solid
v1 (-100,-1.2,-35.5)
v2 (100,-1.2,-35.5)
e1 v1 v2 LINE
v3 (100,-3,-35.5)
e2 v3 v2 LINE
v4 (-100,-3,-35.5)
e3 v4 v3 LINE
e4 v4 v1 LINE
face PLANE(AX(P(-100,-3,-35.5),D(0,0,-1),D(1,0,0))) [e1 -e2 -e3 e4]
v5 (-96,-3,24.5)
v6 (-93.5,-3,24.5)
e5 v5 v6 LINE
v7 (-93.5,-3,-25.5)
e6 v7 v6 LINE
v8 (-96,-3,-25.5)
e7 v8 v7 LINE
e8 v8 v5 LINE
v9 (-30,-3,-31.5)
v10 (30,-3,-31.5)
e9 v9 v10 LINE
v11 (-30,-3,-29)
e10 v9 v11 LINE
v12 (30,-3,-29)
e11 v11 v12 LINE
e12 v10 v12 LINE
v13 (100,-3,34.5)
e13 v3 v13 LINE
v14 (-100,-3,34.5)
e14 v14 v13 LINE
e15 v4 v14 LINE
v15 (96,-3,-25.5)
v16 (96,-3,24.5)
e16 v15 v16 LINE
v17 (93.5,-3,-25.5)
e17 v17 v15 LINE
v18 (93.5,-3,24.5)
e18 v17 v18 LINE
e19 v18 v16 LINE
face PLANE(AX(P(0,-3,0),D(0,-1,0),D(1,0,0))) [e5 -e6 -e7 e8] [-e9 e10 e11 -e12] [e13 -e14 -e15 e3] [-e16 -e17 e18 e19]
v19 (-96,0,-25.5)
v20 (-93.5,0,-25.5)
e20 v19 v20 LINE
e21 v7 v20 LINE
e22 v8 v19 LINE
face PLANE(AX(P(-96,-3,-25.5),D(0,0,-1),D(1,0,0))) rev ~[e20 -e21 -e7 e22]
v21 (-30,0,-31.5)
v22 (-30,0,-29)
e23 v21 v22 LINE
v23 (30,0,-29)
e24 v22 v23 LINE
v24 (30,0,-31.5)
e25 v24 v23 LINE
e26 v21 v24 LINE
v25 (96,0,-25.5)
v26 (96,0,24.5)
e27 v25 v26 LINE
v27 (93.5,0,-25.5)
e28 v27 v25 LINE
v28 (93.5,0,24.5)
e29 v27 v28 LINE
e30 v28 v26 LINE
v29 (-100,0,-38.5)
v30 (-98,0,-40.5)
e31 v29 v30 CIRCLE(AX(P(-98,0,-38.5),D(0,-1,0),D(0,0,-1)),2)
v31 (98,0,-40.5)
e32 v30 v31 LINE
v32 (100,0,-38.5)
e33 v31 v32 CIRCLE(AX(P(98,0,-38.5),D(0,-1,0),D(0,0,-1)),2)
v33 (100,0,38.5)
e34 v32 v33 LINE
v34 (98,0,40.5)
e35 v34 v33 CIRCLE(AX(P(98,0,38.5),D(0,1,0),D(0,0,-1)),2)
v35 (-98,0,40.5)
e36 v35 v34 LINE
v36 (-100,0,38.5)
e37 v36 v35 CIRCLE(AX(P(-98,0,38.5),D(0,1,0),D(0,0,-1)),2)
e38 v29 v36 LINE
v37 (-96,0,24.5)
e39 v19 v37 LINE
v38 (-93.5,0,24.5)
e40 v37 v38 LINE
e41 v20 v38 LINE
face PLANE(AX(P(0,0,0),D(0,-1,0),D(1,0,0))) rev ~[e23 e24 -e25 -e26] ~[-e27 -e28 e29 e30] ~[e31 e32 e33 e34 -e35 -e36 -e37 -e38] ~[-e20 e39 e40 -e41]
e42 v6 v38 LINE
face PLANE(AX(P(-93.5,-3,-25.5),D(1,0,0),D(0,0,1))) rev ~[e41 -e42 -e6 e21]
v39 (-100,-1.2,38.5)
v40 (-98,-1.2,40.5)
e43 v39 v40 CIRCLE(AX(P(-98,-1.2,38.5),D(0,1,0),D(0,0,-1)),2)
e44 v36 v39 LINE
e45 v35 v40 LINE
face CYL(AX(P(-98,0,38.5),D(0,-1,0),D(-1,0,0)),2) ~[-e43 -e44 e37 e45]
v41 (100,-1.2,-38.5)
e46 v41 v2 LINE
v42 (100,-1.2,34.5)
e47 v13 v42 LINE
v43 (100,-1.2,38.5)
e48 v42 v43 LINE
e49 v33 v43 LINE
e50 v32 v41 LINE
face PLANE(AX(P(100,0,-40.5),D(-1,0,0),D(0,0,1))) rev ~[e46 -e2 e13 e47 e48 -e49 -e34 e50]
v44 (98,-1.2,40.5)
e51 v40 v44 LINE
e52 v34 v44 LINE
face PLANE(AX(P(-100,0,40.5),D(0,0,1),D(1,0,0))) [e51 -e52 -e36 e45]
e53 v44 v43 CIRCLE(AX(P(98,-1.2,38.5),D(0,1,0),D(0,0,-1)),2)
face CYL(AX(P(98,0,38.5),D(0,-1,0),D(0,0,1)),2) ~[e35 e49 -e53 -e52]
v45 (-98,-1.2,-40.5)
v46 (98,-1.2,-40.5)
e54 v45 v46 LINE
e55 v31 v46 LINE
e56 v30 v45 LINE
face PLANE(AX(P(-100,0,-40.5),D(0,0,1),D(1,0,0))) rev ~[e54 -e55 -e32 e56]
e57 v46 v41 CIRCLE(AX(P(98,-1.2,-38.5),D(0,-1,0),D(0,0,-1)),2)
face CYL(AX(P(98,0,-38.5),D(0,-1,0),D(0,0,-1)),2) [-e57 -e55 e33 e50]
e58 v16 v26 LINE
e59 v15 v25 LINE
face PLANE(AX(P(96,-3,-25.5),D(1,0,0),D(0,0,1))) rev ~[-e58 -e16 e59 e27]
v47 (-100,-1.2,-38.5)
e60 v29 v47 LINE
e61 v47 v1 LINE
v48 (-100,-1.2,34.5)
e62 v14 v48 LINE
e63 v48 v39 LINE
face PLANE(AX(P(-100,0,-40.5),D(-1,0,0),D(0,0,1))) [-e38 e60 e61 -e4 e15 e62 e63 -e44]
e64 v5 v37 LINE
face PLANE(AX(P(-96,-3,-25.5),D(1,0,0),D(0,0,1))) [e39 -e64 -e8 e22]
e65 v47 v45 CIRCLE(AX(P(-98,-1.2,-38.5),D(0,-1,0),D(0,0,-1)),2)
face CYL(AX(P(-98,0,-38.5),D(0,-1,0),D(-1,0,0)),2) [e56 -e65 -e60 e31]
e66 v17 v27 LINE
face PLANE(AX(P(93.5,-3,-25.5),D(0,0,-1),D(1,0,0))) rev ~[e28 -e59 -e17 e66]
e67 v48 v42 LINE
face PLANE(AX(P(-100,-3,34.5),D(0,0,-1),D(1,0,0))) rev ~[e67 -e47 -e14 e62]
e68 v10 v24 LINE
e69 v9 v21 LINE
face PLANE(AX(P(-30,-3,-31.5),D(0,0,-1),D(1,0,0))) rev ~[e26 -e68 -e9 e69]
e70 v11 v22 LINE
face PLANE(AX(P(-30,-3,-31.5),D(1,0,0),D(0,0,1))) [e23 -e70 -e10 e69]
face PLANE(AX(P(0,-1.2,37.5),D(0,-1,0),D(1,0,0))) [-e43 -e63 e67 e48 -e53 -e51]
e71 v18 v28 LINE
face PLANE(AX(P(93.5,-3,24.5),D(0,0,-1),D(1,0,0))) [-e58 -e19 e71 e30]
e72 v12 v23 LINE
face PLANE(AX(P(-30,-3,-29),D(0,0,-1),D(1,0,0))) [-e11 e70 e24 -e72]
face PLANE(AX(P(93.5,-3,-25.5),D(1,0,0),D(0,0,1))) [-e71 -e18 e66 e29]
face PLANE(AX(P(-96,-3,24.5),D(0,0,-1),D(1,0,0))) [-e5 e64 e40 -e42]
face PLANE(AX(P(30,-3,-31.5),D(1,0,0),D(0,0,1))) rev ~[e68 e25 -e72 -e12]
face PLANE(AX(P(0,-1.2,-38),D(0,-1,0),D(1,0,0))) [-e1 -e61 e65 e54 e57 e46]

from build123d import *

# Parameters (mm, degrees)
F0_W     = 200
F0_H     = 81
F1_DEPTH = 3
F2_W     = 200
F2_H     = 6
F2_H_2   = 5
F3_DEPTH = 1.8
F4_R     = 2
F5_W     = 2.5
F5_H     = 50
F5_W_2   = 60
F5_H_2   = 2.5
F6_DEPTH = 25


with BuildPart() as f1:
    # F0 (on Front) → F1 (new body)
    with BuildSketch(Plane.XZ):
        Rectangle(F0_W, F0_H)
    extrude(amount=F1_DEPTH)

    # F2 (on face) → F3 (cut)
    with BuildSketch(Plane.XZ.offset(3)):
        with Locations((0, 37.5)):
            Rectangle(F2_W, F2_H)
        with Locations((0, -38)):
            Rectangle(F2_W, F2_H_2)
    extrude(amount=-F3_DEPTH, mode=Mode.SUBTRACT)

    # F4
    f4_edges = [f1.edges().sort_by_distance(p)[0] for p in [
        (-100, -0.6, -40.5),
        (-100, -0.6, 40.5),
        (100, -0.6, -40.5),
        (100, -0.6, 40.5),
    ]]
    fillet(f4_edges, radius=F4_R)

    # F5 (on face) → F6 (cut)
    with BuildSketch(Plane.XZ.offset(3)):
        with Locations((-94.75, -0.5)):
            Rectangle(F5_W, F5_H)
        with Locations((94.75, -0.5)):
            Rectangle(F5_W, F5_H)
        with Locations((0, -30.25)):
            Rectangle(F5_W_2, F5_H_2)
    extrude(amount=-F6_DEPTH, mode=Mode.SUBTRACT)


solid = f1.part
